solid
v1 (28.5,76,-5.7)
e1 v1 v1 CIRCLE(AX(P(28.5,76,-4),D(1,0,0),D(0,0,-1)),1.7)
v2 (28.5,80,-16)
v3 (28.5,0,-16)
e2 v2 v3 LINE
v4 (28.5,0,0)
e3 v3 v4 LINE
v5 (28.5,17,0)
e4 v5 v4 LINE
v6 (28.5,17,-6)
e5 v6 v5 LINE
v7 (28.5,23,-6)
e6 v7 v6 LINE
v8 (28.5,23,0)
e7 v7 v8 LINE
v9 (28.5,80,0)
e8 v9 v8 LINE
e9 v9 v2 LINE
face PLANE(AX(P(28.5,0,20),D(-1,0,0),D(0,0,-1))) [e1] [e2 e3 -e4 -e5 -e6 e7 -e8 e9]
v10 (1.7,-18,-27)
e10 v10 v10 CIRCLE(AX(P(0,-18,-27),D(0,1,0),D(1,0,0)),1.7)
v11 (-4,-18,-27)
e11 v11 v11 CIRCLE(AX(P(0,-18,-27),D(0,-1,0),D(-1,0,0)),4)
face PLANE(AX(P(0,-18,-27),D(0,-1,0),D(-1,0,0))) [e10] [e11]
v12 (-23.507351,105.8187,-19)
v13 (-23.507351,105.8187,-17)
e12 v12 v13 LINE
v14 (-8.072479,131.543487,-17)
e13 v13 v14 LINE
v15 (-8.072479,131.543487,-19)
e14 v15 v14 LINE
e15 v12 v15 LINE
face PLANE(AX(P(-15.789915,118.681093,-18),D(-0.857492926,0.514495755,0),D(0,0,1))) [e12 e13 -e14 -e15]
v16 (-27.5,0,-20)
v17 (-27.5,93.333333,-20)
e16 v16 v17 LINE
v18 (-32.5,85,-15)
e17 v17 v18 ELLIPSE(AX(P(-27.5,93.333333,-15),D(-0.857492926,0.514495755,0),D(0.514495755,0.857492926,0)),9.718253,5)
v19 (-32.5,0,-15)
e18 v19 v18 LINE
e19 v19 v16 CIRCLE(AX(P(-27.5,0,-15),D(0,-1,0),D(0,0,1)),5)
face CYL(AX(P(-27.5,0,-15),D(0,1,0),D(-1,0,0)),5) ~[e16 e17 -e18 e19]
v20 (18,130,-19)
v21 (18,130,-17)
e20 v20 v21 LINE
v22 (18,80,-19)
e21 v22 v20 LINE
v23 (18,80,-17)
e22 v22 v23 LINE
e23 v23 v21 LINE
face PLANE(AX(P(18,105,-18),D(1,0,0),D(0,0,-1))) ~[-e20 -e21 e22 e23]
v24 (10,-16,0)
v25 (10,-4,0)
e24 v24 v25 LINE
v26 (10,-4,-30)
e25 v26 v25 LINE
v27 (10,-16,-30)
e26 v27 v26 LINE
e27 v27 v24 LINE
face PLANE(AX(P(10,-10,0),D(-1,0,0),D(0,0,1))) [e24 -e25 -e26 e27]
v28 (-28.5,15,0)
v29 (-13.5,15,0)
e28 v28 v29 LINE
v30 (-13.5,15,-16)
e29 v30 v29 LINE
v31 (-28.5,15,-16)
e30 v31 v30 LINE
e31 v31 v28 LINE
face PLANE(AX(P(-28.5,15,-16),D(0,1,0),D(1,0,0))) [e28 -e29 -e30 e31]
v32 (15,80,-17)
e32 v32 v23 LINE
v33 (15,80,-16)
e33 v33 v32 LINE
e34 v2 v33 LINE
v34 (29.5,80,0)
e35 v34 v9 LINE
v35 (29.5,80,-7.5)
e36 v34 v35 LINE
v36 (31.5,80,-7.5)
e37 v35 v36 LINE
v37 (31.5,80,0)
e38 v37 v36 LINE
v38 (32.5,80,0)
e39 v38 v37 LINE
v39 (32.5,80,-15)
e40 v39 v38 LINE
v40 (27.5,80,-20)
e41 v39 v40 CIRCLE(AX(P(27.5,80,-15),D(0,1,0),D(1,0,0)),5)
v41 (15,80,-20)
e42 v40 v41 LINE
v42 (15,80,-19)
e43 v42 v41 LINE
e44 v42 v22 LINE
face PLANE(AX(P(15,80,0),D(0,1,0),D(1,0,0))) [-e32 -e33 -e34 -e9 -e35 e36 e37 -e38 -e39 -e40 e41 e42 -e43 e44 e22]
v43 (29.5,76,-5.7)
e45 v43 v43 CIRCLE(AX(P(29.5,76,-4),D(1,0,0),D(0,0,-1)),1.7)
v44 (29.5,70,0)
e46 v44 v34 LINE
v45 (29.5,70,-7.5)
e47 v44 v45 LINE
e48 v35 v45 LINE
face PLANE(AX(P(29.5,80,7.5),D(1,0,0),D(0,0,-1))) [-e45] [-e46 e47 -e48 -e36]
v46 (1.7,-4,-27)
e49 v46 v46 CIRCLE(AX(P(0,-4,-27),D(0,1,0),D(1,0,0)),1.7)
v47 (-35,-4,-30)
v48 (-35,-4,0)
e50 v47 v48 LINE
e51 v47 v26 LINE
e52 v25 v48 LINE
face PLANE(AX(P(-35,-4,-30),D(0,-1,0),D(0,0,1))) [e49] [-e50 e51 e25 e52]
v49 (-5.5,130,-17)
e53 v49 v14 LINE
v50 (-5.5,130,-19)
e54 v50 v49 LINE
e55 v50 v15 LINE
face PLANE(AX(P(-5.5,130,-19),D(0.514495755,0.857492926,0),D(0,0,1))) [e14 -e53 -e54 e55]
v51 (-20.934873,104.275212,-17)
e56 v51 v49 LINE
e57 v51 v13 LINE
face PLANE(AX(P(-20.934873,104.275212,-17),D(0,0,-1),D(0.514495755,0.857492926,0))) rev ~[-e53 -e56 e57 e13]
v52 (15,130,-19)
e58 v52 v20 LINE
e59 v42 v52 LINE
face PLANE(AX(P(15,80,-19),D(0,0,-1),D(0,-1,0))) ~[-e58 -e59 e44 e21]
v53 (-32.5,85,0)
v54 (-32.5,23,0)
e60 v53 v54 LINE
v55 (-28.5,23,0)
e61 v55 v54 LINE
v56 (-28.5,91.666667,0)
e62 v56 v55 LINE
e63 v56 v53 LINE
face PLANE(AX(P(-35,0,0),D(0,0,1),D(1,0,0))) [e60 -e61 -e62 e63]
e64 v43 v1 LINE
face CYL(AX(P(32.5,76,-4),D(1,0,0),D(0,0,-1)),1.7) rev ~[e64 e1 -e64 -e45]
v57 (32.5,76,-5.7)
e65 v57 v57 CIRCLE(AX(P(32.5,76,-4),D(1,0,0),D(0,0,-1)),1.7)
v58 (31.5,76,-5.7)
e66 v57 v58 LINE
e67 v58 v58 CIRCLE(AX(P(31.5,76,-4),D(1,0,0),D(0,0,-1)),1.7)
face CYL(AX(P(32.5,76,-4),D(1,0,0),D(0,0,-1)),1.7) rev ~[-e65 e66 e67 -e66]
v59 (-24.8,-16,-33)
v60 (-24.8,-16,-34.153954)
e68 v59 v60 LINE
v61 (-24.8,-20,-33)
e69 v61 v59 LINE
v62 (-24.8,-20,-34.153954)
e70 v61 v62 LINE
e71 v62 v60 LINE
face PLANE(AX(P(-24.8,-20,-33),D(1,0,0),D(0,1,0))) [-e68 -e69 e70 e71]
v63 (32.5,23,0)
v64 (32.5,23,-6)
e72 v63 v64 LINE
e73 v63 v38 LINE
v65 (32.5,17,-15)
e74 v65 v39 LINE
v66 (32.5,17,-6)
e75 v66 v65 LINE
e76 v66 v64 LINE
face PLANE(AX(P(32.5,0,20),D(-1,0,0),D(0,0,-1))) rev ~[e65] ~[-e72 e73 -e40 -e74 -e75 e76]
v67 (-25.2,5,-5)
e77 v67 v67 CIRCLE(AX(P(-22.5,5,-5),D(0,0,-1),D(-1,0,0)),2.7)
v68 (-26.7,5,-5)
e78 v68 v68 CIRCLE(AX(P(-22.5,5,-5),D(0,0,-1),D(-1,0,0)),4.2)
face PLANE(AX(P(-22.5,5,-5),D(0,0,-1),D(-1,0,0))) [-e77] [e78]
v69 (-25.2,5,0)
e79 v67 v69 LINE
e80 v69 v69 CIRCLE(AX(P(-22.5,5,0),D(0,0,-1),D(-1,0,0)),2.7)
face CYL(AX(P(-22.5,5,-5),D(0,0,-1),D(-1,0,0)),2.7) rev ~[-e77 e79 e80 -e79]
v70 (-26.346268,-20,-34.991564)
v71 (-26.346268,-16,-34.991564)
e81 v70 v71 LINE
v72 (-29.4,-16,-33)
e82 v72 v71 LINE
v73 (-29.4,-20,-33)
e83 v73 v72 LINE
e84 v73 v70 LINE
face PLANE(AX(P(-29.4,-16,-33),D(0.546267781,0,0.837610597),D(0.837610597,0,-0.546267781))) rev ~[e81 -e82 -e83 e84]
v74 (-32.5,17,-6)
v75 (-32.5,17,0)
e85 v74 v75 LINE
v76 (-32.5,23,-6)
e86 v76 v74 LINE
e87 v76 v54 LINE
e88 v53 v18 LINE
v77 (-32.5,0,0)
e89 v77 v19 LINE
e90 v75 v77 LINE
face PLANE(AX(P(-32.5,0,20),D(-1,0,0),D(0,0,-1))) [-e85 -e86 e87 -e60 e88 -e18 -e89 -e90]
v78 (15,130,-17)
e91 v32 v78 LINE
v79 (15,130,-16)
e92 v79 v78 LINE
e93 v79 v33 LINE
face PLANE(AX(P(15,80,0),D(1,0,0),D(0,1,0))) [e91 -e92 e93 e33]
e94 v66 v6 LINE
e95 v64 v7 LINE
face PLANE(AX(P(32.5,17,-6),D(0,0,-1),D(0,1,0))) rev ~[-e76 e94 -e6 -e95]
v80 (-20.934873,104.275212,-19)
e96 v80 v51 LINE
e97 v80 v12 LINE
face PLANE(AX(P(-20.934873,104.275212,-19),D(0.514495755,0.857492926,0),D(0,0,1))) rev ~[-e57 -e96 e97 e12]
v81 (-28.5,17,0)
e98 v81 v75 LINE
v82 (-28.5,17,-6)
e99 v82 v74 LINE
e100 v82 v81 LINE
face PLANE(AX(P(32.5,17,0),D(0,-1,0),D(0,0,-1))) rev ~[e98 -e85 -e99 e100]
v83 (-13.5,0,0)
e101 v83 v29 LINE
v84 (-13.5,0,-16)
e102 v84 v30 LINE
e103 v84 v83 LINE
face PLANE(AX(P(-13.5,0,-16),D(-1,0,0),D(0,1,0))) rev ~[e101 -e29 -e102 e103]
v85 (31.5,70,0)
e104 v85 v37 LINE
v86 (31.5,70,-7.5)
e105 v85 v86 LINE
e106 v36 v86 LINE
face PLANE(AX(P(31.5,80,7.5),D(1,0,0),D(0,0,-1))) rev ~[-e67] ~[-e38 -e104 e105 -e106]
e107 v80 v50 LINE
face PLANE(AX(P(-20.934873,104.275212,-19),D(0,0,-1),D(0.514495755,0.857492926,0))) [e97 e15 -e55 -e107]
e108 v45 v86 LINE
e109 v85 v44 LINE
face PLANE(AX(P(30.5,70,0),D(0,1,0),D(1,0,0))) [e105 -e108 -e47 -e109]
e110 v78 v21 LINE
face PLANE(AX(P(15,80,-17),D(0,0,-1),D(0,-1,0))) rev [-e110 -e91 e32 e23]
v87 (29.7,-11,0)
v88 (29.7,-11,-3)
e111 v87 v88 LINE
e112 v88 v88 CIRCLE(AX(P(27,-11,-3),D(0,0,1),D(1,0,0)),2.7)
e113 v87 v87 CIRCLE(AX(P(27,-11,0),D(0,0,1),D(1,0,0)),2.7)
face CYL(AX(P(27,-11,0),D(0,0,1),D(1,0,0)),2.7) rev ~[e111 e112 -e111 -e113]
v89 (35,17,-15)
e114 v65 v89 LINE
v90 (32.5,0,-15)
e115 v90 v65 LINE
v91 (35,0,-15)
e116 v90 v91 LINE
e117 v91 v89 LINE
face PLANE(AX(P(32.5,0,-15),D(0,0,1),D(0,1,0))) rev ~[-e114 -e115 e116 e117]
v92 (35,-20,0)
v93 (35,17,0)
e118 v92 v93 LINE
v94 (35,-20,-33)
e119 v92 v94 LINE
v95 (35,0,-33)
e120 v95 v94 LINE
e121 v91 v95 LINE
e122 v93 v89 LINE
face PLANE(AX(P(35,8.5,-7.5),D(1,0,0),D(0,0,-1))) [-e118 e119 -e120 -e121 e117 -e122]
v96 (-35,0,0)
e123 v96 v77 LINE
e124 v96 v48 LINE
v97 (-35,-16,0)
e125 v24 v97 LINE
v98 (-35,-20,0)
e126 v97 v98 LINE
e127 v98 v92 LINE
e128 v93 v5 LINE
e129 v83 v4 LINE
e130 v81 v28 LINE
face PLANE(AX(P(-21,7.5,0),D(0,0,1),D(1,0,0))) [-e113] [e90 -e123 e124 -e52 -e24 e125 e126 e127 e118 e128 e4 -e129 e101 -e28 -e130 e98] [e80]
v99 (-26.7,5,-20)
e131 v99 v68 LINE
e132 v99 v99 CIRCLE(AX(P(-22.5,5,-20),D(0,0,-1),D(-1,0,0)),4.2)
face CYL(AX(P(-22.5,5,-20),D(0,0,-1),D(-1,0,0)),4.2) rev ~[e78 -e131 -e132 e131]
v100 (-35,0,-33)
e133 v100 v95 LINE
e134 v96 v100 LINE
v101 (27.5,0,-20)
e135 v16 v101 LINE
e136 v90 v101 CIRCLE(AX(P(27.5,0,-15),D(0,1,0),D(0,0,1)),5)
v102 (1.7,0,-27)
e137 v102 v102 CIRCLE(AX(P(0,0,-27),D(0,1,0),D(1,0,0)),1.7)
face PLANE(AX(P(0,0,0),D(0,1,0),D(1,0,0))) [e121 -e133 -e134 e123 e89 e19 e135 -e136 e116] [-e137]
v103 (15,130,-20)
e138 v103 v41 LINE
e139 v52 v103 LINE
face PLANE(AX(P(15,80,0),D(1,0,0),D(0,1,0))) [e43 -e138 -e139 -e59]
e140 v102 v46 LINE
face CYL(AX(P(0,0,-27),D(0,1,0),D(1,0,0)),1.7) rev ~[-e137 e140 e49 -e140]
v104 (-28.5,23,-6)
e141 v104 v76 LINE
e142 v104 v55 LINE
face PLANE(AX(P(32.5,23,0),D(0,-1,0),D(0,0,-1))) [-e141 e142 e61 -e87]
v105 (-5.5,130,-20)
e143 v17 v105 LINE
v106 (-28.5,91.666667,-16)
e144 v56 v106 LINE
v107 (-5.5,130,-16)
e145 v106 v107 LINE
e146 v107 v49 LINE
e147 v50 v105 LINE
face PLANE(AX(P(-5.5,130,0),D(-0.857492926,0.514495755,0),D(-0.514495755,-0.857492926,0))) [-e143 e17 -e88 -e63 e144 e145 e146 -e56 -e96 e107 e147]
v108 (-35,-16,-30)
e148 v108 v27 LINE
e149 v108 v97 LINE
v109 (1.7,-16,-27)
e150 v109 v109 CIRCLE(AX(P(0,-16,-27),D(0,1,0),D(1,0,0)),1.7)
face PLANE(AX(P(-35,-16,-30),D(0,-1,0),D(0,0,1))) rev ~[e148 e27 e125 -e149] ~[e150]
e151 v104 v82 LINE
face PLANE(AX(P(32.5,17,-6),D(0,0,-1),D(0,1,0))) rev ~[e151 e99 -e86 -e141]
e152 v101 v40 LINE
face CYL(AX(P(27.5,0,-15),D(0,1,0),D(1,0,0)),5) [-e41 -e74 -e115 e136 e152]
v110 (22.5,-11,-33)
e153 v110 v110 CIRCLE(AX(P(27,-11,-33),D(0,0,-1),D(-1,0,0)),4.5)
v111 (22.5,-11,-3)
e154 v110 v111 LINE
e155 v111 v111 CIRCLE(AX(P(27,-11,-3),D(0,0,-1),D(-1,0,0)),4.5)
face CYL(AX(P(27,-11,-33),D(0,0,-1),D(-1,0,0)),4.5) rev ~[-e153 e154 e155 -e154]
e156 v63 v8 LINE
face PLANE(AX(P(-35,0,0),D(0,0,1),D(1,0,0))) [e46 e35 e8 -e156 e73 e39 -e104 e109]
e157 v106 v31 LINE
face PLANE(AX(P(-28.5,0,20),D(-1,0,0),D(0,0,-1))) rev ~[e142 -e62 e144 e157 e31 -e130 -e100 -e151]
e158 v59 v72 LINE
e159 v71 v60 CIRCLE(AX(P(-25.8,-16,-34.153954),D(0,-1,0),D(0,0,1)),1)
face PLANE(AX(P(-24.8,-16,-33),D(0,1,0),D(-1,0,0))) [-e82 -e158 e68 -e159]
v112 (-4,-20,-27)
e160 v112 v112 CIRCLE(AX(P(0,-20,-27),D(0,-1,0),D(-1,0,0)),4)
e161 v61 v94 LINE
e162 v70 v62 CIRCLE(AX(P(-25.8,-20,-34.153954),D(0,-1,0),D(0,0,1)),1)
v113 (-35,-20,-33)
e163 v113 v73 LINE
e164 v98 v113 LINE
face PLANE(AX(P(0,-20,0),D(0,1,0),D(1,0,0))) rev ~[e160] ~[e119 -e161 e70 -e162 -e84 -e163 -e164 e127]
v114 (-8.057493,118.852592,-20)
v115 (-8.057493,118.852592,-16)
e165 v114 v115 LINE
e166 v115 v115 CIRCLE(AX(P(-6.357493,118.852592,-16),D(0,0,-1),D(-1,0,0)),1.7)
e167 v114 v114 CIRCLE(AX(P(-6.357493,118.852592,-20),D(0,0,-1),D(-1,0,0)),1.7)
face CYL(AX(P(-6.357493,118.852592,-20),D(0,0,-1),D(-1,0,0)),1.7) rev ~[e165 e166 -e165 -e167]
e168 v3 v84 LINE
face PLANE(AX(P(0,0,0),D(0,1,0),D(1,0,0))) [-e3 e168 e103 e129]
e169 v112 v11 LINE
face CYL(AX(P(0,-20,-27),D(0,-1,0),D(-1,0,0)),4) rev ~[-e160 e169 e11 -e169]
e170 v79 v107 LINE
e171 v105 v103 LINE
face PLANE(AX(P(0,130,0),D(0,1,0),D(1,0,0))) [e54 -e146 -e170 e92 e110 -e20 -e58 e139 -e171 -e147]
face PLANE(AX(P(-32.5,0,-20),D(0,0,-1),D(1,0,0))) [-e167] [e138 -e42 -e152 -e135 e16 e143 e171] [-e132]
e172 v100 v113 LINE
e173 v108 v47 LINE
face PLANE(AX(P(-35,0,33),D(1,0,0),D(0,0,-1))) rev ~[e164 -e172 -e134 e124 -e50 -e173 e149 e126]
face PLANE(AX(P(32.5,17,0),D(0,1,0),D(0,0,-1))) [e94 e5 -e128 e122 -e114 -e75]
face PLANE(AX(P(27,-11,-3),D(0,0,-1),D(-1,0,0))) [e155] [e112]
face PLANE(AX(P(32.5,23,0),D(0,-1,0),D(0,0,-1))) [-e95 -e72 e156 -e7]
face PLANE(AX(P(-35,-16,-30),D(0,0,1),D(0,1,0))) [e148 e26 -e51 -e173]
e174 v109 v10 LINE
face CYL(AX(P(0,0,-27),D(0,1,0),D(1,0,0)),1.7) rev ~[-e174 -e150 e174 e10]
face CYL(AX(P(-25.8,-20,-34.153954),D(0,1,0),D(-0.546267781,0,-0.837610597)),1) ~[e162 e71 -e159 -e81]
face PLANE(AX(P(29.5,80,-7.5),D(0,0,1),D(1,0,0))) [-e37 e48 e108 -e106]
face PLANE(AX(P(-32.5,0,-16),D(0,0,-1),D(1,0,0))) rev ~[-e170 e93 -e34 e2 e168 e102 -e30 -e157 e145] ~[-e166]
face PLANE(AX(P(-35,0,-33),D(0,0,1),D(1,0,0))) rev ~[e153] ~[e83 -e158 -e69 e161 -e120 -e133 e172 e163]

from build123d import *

# Parameters (mm, degrees)
SKETCH1_W                = 65
SKETCH1_H                = 40
BOSS_EXTRUDE1_DEPTH      = 130
SHELL1_T                 = -4
FILLET1_R                = 5
CUT_EXTRUDE1_DEPTH       = 21
CUT_EXTRUDE1_DEPTH_BACK  = 21
SKETCH3_W                = 17.5
SKETCH3_H                = 50
CUT_EXTRUDE2_DEPTH       = 21
CUT_EXTRUDE2_DEPTH_BACK  = 21
SKETCH5_W                = 2
SKETCH5_H                = 50
BOSS_EXTRUDE2_DEPTH      = 3
SKETCH6_W                = 2
SKETCH6_H                = 30
BOSS_EXTRUDE3_DEPTH      = 3
SKETCH8_W                = 70
SKETCH8_H                = 66
BOSS_EXTRUDE4_DEPTH      = 20
SKETCH10_W               = 60
SKETCH10_H               = 12
CUT_EXTRUDE4_DEPTH       = 45
SKETCH23_W               = 2
SKETCH23_H               = 15
CUT_EXTRUDE10_DEPTH      = 10
SKETCH27_W               = 70
SKETCH27_H               = 33
CUT_EXTRUDE12_DEPTH      = 132.543487266
CUT_EXTRUDE12_DEPTH_BACK = 21
SKETCH31_R               = 2.7
CUT_EXTRUDE15_DEPTH      = 1
CUT_EXTRUDE15_DEPTH_BACK = 34
SKETCH33_R               = 4.5
CUT_EXTRUDE16_DEPTH      = 30
SKETCH34_R               = 1.7
CUT_EXTRUDE17_DEPTH      = 132.543487266
CUT_EXTRUDE17_DEPTH_BACK = 21
SKETCH35_R               = 4
CUT_EXTRUDE18_DEPTH      = 2
SKETCH41_W               = 6
SKETCH41_H               = 6
CUT_EXTRUDE21_DEPTH      = 3.5
CUT_EXTRUDE21_DEPTH_BACK = 68.5
SKETCH42_W               = 15
SKETCH42_H               = 17
BOSS_EXTRUDE10_DEPTH     = 2.5
SKETCH43_R               = 1.7
CUT_EXTRUDE22_DEPTH      = 3.5
CUT_EXTRUDE22_DEPTH_BACK = 10
SKETCH45_W               = 4.6
SKETCH45_H               = 4
BOSS_EXTRUDE11_DEPTH     = 3
CUT_EXTRUDE23_DEPTH      = 5
FILLET2_R                = 1
SKETCH49_R               = 1.7
CUT_EXTRUDE24_DEPTH      = 16.153953894
CUT_EXTRUDE24_DEPTH_BACK = 21
SKETCH50_W               = 15
SKETCH50_H               = 15
BOSS_EXTRUDE12_DEPTH     = 16
SKETCH52_R               = 4.2
CUT_EXTRUDE25_DEPTH      = 15
SKETCH53_R               = 2.7
CUT_EXTRUDE26_DEPTH      = 31.153953894
CUT_EXTRUDE26_DEPTH_BACK = 6


with BuildPart() as part:
    # Sketch1 → Boss-Extrude1 (new body)
    with BuildSketch(Plane(origin=(0, 0, 0), x_dir=(1, 0, 0), z_dir=(0, 1, 0))):
        Rectangle(SKETCH1_W, SKETCH1_H)
    extrude(amount=BOSS_EXTRUDE1_DEPTH)

    # Shell1
    shell1_openings = [part.faces().sort_by_distance(p)[0] for p in [
        (0, 130, 0),
        (0, 0, 0),
    ]]
    offset(amount=SHELL1_T, openings=shell1_openings, kind=Kind.INTERSECTION)

    # Fillet1
    fillet1_edges = [part.edges().sort_by_distance(p)[0] for p in [
        (32.5, 65, 20),
        (-32.5, 65, 20),
        (-32.5, 65, -20),
        (32.5, 65, -20),
    ]]
    fillet(fillet1_edges, radius=FILLET1_R)

    # Sketch2 → Cut-Extrude1 (cut, two sides)
    with BuildSketch(Plane.XY) as cut_extrude1_sk:
        Polygon((-5.5, 130), (-32.5, 85), (-32.5, 130), align=None)
    extrude(amount=CUT_EXTRUDE1_DEPTH, mode=Mode.SUBTRACT)
    extrude(cut_extrude1_sk.sketch, amount=-CUT_EXTRUDE1_DEPTH_BACK, mode=Mode.SUBTRACT)

    # Sketch3 → Cut-Extrude2 (cut, two sides)
    with BuildSketch(Plane.XY) as cut_extrude2_sk:
        with Locations((23.75, 105)):
            Rectangle(SKETCH3_W, SKETCH3_H)
    extrude(amount=CUT_EXTRUDE2_DEPTH, mode=Mode.SUBTRACT)
    extrude(cut_extrude2_sk.sketch, amount=-CUT_EXTRUDE2_DEPTH_BACK, mode=Mode.SUBTRACT)

    # Sketch5 → Boss-Extrude2 (add)
    with BuildSketch(Plane(origin=(15, 0, 0), x_dir=(0, 0, -1), z_dir=(1, 0, 0))):
        with Locations((-18, 105)):
            Rectangle(SKETCH5_W, SKETCH5_H)
    boss_extrude2 = extrude(amount=BOSS_EXTRUDE2_DEPTH)

    # Mirror1: Boss-Extrude2 across plane
    add(boss_extrude2.mirror(Plane.XY))

    # Sketch6 → Boss-Extrude3 (add)
    with BuildSketch(Plane(origin=(-61.397058824, 36.838235294, 0), x_dir=(0, 0, 1), z_dir=(-0.857492926, 0.514495755, 0))):
        with Locations((-18, 93.644353688)):
            Rectangle(SKETCH6_W, SKETCH6_H)
    boss_extrude3 = extrude(amount=BOSS_EXTRUDE3_DEPTH)

    # Mirror2: Boss-Extrude3 across plane
    add(boss_extrude3.mirror(Plane.XY))

    # Sketch8 → Boss-Extrude4 (add)
    with BuildSketch(Plane(origin=(0, 0, 0), x_dir=(1, 0, 0), z_dir=(0, 1, 0))):
        Rectangle(SKETCH8_W, SKETCH8_H)
    extrude(amount=-BOSS_EXTRUDE4_DEPTH)

    # Sketch10 → Cut-Extrude4 (cut)
    with BuildSketch(Plane.ZY.offset(35)):
        with Locations((0, -10)):
            Rectangle(SKETCH10_W, SKETCH10_H)
    extrude(amount=-CUT_EXTRUDE4_DEPTH, mode=Mode.SUBTRACT)

    # Sketch23 → Cut-Extrude10 (cut)
    with BuildSketch(Plane(origin=(0, 80, 0), x_dir=(1, 0, 0), z_dir=(0, 1, 0))):
        with Locations((30.5, 0)):
            Rectangle(SKETCH23_W, SKETCH23_H)
    extrude(amount=-CUT_EXTRUDE10_DEPTH, mode=Mode.SUBTRACT)

    # Sketch27 → Cut-Extrude12 (cut, two sides)
    with BuildSketch(Plane(origin=(0, 0, 0), x_dir=(1, 0, 0), z_dir=(0, 1, 0))) as cut_extrude12_sk:
        with Locations((0, -16.5)):
            Rectangle(SKETCH27_W, SKETCH27_H)
    extrude(amount=CUT_EXTRUDE12_DEPTH, mode=Mode.SUBTRACT)
    extrude(cut_extrude12_sk.sketch, amount=-CUT_EXTRUDE12_DEPTH_BACK, mode=Mode.SUBTRACT)

    # Sketch31 → Cut-Extrude15 (cut, two sides)
    with BuildSketch(Plane.XY) as cut_extrude15_sk:
        with Locations((27, -11)):
            Circle(SKETCH31_R)
    extrude(amount=CUT_EXTRUDE15_DEPTH, mode=Mode.SUBTRACT)
    extrude(cut_extrude15_sk.sketch, amount=-CUT_EXTRUDE15_DEPTH_BACK, mode=Mode.SUBTRACT)

    # Sketch33 → Cut-Extrude16 (cut)
    with BuildSketch(Plane(origin=(0, 0, -33), x_dir=(-1, 0, 0), z_dir=(0, 0, -1))):
        with Locations((-27, -11)):
            Circle(SKETCH33_R)
    extrude(amount=-CUT_EXTRUDE16_DEPTH, mode=Mode.SUBTRACT)

    # Sketch34 → Cut-Extrude17 (cut, two sides)
    with BuildSketch(Plane(origin=(0, 0, 0), x_dir=(1, 0, 0), z_dir=(0, 1, 0))) as cut_extrude17_sk:
        with Locations((0, 27)):
            Circle(SKETCH34_R)
    extrude(amount=CUT_EXTRUDE17_DEPTH, mode=Mode.SUBTRACT)
    extrude(cut_extrude17_sk.sketch, amount=-CUT_EXTRUDE17_DEPTH_BACK, mode=Mode.SUBTRACT)

    # Sketch35 → Cut-Extrude18 (cut)
    with BuildSketch(Plane(origin=(0, -20, 0), x_dir=(-1, 0, 0), z_dir=(0, -1, 0))):
        with Locations((0, 27)):
            Circle(SKETCH35_R)
    extrude(amount=-CUT_EXTRUDE18_DEPTH, mode=Mode.SUBTRACT)

    # Sketch41 → Cut-Extrude21 (cut, two sides)
    with BuildSketch(Plane(origin=(32.5, 0, 0), x_dir=(0, 0, -1), z_dir=(1, 0, 0))) as cut_extrude21_sk:
        with Locations((3, 20)):
            Rectangle(SKETCH41_W, SKETCH41_H)
    extrude(amount=CUT_EXTRUDE21_DEPTH, mode=Mode.SUBTRACT)
    extrude(cut_extrude21_sk.sketch, amount=-CUT_EXTRUDE21_DEPTH_BACK, mode=Mode.SUBTRACT)

    # Sketch42 → Boss-Extrude10 (add)
    with BuildSketch(Plane(origin=(32.5, 0, 0), x_dir=(0, 0, -1), z_dir=(1, 0, 0))):
        with Locations((7.5, 8.5)):
            Rectangle(SKETCH42_W, SKETCH42_H)
    extrude(amount=BOSS_EXTRUDE10_DEPTH)

    # Sketch43 → Cut-Extrude22 (cut, two sides)
    with BuildSketch(Plane(origin=(32.5, 0, 0), x_dir=(0, 0, -1), z_dir=(1, 0, 0))) as cut_extrude22_sk:
        with Locations((4, 76)):
            Circle(SKETCH43_R)
    extrude(amount=CUT_EXTRUDE22_DEPTH, mode=Mode.SUBTRACT)
    extrude(cut_extrude22_sk.sketch, amount=-CUT_EXTRUDE22_DEPTH_BACK, mode=Mode.SUBTRACT)

    # Sketch45 → Boss-Extrude11 (add)
    with BuildSketch(Plane(origin=(0, 0, -33), x_dir=(-1, 0, 0), z_dir=(0, 0, -1))):
        with Locations((27.1, -18)):
            Rectangle(SKETCH45_W, SKETCH45_H)
    extrude(amount=BOSS_EXTRUDE11_DEPTH)

    # Sketch46 → Cut-Extrude23 (cut, through all)
    with BuildSketch(Plane(origin=(0, -16, 0), x_dir=(1, 0, 0), z_dir=(0, 1, 0))):
        Polygon((-29.4, 33), (-24.8, 36), (-29.4, 36), align=None)
    extrude(amount=-CUT_EXTRUDE23_DEPTH, mode=Mode.SUBTRACT)

    # Fillet2
    fillet2_edges = [part.edges().sort_by_distance(p)[0] for p in [
        (-24.8, -18, -36),
    ]]
    fillet(fillet2_edges, radius=FILLET2_R)

    # Sketch49 → Cut-Extrude24 (cut, two sides)
    with BuildSketch(Plane(origin=(0, 0, -20), x_dir=(-1, 0, 0), z_dir=(0, 0, -1))) as cut_extrude24_sk:
        with Locations((6.357492926, 118.852591966)):
            Circle(SKETCH49_R)
    extrude(amount=CUT_EXTRUDE24_DEPTH, mode=Mode.SUBTRACT)
    extrude(cut_extrude24_sk.sketch, amount=-CUT_EXTRUDE24_DEPTH_BACK, mode=Mode.SUBTRACT)

    # Sketch50 → Boss-Extrude12 (add)
    with BuildSketch(Plane.XY.offset(-16)):
        with Locations((-21, 7.5)):
            Rectangle(SKETCH50_W, SKETCH50_H)
    extrude(amount=BOSS_EXTRUDE12_DEPTH)

    # Sketch52 → Cut-Extrude25 (cut)
    with BuildSketch(Plane(origin=(0, 0, -20), x_dir=(-1, 0, 0), z_dir=(0, 0, -1))):
        with Locations((22.5, 5)):
            Circle(SKETCH52_R)
    extrude(amount=-CUT_EXTRUDE25_DEPTH, mode=Mode.SUBTRACT)

    # Sketch53 → Cut-Extrude26 (cut, two sides)
    with BuildSketch(Plane(origin=(0, 0, -5), x_dir=(-1, 0, 0), z_dir=(0, 0, -1))) as cut_extrude26_sk:
        with Locations((22.5, 5)):
            Circle(SKETCH53_R)
    extrude(amount=CUT_EXTRUDE26_DEPTH, mode=Mode.SUBTRACT)
    extrude(cut_extrude26_sk.sketch, amount=-CUT_EXTRUDE26_DEPTH_BACK, mode=Mode.SUBTRACT)


solid = part.part
